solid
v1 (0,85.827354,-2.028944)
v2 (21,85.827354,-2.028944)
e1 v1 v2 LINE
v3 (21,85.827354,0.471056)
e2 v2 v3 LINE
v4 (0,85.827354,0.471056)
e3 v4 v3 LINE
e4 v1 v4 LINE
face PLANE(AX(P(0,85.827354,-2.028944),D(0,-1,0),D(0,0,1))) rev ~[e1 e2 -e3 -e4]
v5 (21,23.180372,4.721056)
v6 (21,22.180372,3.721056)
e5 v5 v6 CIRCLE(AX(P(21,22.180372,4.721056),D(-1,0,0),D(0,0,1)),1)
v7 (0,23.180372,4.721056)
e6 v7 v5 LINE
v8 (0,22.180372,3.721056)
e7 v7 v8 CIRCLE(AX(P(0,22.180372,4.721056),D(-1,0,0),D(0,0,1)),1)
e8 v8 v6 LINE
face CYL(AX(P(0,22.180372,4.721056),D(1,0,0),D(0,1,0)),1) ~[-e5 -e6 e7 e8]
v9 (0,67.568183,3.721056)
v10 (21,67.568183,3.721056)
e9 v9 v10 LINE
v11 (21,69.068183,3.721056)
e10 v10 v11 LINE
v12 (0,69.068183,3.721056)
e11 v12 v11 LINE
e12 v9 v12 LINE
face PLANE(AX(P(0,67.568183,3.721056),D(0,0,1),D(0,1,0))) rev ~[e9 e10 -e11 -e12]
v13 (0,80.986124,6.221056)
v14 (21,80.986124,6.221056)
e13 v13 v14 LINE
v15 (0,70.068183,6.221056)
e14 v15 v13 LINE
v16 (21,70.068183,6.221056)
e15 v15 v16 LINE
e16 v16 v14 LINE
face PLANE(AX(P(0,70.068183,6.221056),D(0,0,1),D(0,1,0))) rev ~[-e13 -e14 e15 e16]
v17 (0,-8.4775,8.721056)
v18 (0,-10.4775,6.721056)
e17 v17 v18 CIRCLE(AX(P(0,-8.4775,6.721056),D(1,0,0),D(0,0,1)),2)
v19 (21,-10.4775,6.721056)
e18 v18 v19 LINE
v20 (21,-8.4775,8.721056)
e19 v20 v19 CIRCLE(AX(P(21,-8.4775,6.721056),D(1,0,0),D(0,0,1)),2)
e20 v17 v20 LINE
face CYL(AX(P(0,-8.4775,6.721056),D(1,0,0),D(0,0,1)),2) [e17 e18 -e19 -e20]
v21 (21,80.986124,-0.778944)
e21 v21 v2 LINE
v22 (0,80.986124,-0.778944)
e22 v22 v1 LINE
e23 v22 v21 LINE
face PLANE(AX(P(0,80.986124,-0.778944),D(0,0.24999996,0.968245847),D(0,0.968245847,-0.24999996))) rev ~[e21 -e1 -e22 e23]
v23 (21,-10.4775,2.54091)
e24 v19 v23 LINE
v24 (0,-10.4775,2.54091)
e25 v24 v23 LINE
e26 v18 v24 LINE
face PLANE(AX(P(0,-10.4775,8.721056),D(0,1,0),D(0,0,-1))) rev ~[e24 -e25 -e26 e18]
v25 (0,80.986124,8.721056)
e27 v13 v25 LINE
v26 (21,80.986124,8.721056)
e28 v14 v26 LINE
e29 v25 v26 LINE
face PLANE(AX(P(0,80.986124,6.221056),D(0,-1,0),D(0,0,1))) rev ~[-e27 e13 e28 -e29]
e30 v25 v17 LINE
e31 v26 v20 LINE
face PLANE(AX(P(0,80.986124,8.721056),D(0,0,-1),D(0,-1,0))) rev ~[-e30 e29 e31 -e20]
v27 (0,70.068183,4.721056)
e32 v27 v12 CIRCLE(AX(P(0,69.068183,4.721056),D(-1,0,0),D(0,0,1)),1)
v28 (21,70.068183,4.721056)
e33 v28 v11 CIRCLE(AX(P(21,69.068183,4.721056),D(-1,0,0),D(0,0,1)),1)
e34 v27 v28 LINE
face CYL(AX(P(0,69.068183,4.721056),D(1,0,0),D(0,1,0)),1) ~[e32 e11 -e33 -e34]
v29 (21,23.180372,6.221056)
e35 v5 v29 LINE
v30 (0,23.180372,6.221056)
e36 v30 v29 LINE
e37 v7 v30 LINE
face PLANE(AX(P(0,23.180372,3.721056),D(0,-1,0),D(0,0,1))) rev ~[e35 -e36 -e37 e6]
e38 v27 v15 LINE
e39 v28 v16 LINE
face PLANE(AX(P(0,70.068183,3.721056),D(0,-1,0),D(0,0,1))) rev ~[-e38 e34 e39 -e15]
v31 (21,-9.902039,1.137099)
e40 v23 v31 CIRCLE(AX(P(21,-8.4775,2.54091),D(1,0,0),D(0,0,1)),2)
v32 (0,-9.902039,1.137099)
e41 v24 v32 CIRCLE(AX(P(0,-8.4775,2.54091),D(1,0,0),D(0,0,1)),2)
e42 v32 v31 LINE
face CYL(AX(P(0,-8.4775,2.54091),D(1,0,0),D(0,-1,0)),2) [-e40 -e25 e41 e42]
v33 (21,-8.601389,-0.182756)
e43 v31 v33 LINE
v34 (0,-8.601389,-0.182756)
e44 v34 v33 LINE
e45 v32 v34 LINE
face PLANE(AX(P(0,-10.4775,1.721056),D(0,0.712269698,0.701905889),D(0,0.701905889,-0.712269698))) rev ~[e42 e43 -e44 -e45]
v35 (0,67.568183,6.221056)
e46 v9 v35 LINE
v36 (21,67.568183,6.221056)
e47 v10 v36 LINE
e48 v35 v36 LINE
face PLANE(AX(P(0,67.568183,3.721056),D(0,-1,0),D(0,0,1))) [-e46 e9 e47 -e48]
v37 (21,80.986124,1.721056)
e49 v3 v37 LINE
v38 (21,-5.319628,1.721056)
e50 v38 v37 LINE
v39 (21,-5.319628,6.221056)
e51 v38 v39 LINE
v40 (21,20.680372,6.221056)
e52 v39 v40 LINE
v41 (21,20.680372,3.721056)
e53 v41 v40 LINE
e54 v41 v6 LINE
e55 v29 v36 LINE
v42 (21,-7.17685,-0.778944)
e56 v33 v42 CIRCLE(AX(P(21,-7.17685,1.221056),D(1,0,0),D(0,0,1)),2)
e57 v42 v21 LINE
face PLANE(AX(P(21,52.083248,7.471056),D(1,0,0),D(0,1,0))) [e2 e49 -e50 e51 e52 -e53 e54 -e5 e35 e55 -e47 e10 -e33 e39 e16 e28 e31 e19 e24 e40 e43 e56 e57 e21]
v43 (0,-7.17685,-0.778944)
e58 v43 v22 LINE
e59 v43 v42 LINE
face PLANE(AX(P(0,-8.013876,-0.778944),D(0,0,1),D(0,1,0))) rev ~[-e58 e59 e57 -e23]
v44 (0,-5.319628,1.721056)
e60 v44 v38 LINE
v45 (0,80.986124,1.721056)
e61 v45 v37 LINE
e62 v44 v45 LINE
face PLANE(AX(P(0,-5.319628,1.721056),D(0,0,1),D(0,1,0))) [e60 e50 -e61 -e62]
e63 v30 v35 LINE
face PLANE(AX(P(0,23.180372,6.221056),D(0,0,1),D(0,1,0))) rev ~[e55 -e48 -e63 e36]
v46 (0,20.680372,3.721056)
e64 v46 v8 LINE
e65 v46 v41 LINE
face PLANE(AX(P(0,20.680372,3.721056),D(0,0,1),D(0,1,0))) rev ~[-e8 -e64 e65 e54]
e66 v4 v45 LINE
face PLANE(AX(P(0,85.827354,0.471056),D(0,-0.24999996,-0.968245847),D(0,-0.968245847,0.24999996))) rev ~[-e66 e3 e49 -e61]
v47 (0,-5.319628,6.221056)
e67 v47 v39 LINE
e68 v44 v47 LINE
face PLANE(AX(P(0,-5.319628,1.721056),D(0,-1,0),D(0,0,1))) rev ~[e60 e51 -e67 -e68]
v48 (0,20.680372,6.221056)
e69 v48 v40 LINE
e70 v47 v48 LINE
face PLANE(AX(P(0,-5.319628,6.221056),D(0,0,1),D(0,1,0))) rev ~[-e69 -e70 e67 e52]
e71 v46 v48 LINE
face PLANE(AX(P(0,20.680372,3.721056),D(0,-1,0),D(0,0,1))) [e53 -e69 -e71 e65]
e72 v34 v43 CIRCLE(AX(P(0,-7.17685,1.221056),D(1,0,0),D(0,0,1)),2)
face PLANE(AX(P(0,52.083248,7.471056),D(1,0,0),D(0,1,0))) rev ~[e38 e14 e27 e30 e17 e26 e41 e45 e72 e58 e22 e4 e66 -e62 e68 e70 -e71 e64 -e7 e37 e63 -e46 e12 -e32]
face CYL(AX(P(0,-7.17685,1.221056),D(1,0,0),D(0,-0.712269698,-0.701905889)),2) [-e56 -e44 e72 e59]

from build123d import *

# Parameters (mm, degrees)
F0_W     = 2.694248
F0_H     = 4.5
F0_H_2   = 2.5
F0_W_2   = 86.305752
F0_W_3   = 26
F0_W_4   = 2.5
F1_DEPTH = 21
F2_R     = 2
F3_R     = 1


with BuildPart() as f1:
    # F0 (on Right) → F1 (new body)
    with BuildSketch(Plane.YZ):
        Polygon((23.180372, 8.721056), (23.180372, 6.221056), (67.568183, 6.221056), (70.068183, 6.221056), (80.986124, 6.221056), (80.986124, 8.721056), align=None)
        with Locations((-6.666752, 3.971056)):
            Rectangle(F0_W, F0_H)
        with Locations((-6.666752, 0.471056)):
            Rectangle(F0_W, F0_H_2)
        with Locations((37.833248, 0.471056)):
            Rectangle(F0_W_2, F0_H_2)
        with Locations((7.680372, 7.471056)):
            Rectangle(F0_W_3, F0_H_2)
        Polygon((-8.013876, -0.778944), (-8.013876, 1.721056), (-8.013876, 6.221056), (-8.013876, 8.721056), (-10.4775, 8.721056), (-10.4775, 7.235875), (-10.4775, 1.721056), align=None)
        with Locations((-6.666752, 7.471056)):
            Rectangle(F0_W, F0_H_2)
        with Locations((21.930372, 7.471056)):
            Rectangle(F0_W_4, F0_H_2)
        with Locations((68.818183, 4.971056)):
            Rectangle(F0_W_4, F0_H_2)
        with Locations((21.930372, 4.971056)):
            Rectangle(F0_W_4, F0_H_2)
        Polygon((85.827354, 0.471056), (80.986124, 1.721056), (80.986124, -0.778944), (85.827354, -2.028944), align=None)
    extrude(amount=F1_DEPTH)

    # F2
    f2_edges = [f1.edges().sort_by_distance(p)[0] for p in [
        (10.5, -10.4775, 8.721056),
        (10.5, -8.013876, -0.778944),
        (10.5, -10.4775, 1.721056),
    ]]
    fillet(f2_edges, radius=F2_R)

    # F3
    f3_edges = [f1.edges().sort_by_distance(p)[0] for p in [
        (10.5, 23.180372, 3.721056),
        (10.5, 70.068183, 3.721056),
    ]]
    fillet(f3_edges, radius=F3_R)


solid = f1.part
